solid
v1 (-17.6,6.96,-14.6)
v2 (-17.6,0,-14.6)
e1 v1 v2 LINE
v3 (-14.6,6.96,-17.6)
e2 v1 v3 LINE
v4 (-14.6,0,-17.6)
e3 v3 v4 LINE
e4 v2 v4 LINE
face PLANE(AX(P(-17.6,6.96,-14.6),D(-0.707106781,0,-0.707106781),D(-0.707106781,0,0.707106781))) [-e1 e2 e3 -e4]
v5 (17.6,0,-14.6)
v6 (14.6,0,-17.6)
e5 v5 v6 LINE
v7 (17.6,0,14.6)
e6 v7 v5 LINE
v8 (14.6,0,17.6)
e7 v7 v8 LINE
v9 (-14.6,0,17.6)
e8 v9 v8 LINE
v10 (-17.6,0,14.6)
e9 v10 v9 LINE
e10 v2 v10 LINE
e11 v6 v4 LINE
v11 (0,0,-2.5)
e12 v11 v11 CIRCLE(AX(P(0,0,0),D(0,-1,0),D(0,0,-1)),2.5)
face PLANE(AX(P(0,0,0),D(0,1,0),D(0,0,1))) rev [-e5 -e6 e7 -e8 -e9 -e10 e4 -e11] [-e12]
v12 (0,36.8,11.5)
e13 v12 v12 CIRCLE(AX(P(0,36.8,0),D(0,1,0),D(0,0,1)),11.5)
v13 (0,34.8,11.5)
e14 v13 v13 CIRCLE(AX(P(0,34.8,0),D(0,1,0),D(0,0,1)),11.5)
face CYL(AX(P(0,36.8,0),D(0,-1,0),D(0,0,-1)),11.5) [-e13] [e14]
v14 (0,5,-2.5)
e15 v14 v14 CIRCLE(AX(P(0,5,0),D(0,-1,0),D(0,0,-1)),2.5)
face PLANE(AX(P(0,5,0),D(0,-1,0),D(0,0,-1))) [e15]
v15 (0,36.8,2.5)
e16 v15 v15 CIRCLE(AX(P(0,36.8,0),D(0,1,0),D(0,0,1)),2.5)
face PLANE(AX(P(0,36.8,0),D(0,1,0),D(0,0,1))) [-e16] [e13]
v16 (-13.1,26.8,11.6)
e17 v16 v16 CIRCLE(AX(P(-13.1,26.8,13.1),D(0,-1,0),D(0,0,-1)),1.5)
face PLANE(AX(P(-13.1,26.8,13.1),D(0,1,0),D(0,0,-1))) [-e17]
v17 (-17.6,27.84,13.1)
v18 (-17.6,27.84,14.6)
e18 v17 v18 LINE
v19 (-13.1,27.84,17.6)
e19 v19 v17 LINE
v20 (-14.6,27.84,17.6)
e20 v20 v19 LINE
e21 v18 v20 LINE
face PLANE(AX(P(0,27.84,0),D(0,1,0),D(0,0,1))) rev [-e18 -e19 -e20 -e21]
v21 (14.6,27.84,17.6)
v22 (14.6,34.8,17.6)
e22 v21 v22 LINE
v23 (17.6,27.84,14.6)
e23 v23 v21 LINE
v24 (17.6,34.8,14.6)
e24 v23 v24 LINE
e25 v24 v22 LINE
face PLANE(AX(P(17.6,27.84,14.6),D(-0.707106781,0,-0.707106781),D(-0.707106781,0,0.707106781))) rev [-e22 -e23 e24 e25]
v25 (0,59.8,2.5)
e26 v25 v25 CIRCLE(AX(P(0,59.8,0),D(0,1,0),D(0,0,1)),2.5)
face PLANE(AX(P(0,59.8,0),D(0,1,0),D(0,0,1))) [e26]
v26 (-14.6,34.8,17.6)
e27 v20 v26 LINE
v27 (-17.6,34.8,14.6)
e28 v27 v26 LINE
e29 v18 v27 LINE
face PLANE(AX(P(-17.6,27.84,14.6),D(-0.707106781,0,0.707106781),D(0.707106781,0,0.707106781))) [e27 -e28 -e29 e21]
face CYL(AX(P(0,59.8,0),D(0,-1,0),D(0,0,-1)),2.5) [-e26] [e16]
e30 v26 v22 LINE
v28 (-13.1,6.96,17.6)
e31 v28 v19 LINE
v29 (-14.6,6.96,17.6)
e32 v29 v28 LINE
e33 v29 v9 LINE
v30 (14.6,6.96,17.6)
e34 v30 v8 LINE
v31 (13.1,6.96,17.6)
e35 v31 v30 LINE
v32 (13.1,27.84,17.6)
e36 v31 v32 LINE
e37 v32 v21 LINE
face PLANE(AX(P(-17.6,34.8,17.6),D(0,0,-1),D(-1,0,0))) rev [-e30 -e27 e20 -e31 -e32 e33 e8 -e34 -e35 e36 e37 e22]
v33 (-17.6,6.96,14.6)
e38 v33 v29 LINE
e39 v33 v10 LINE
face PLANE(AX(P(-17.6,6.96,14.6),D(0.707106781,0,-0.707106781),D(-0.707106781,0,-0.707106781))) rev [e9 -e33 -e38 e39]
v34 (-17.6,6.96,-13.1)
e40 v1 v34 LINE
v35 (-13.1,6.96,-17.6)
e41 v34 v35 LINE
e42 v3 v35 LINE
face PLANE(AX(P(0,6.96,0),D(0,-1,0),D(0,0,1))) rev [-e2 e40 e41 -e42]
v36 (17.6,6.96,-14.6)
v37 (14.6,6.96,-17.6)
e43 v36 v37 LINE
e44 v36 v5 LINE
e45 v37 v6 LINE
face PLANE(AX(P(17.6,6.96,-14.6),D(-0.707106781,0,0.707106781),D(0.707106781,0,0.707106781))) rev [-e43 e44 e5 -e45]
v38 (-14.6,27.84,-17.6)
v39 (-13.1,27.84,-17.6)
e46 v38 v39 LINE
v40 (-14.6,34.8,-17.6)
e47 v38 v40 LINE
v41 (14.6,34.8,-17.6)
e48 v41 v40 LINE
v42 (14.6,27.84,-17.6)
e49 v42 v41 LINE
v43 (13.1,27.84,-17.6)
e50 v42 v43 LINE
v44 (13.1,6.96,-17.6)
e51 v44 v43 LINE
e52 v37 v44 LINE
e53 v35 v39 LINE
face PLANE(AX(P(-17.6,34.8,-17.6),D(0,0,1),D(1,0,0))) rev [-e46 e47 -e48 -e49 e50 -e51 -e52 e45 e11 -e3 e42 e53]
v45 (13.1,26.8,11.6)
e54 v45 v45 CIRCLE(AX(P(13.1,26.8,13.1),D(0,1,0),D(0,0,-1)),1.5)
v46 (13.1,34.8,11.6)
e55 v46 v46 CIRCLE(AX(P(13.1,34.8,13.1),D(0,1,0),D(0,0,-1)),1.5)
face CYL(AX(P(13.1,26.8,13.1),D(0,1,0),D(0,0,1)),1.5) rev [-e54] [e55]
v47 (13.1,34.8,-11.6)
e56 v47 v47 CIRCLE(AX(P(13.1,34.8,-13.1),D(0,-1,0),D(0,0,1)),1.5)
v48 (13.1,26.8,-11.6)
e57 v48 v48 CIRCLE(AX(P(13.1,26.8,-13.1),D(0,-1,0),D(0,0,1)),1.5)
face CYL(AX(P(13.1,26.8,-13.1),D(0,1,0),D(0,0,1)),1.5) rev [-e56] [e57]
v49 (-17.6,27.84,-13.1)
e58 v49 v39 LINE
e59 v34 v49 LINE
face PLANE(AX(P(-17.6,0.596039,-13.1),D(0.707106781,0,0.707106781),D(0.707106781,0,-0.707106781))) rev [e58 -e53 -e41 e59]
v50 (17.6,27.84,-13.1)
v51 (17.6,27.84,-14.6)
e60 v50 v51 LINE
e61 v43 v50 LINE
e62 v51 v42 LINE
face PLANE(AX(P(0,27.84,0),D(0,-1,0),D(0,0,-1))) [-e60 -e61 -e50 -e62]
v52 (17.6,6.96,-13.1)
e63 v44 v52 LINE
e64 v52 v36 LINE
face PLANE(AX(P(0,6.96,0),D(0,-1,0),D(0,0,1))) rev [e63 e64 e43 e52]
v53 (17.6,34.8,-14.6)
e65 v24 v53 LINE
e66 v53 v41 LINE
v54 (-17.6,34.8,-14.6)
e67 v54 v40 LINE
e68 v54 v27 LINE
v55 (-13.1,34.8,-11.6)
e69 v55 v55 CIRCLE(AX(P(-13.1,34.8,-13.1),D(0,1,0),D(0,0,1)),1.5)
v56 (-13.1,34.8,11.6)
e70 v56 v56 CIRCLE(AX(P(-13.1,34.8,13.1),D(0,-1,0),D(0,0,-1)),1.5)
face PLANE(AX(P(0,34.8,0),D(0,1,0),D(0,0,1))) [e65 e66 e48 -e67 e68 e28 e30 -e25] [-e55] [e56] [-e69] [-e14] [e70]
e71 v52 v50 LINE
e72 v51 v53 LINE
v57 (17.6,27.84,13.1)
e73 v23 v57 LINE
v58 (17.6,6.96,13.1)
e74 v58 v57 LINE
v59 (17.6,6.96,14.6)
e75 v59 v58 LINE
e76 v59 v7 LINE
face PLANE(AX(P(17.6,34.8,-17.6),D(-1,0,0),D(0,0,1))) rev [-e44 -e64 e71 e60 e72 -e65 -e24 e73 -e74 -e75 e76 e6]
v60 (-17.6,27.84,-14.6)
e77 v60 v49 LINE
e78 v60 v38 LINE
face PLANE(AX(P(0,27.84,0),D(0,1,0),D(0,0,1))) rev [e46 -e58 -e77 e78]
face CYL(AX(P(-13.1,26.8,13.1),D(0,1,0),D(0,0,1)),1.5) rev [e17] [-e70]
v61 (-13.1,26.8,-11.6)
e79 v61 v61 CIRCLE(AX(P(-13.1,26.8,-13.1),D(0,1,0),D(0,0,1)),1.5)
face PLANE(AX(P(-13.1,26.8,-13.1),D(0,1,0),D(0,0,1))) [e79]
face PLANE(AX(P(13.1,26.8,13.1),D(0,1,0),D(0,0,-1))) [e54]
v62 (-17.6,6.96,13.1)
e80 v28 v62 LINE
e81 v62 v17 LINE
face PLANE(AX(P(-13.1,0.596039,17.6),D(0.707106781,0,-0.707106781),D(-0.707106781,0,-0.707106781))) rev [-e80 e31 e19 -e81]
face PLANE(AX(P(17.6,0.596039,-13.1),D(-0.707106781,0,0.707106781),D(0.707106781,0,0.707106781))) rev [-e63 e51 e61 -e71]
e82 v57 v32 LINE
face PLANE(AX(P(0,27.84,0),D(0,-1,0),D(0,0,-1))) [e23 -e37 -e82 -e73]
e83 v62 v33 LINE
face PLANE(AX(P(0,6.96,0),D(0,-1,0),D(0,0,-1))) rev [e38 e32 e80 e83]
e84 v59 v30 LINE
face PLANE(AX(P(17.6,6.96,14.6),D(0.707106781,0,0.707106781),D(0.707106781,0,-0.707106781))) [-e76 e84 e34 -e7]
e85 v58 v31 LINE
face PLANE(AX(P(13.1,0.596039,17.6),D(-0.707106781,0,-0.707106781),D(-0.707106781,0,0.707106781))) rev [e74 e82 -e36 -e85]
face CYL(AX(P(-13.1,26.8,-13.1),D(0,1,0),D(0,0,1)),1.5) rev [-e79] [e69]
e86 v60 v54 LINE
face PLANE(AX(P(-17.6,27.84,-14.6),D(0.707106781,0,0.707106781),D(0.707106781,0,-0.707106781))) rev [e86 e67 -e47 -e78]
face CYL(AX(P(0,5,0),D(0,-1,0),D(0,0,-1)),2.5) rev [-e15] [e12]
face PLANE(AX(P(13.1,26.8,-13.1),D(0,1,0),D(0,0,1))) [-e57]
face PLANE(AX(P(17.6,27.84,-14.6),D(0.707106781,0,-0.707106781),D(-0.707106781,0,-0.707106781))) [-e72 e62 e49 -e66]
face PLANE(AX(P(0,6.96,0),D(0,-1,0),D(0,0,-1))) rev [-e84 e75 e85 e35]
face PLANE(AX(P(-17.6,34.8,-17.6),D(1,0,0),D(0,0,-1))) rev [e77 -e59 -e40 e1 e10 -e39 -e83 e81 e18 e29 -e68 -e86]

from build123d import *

# Parameters (mm, degrees)
SKETCH1_W               = 35.2
SKETCH1_H               = 35.2
BOSS_EXTRUDE1_DEPTH     = 34.8
SKETCH2_R               = 11.5
BOSS_EXTRUDE2_DEPTH     = 2
SKETCH3_R               = 2.5
BOSS_EXTRUDE3_DEPTH     = 23
SKETCH4_R               = 1.5
CUT_EXTRUDE1_DEPTH      = 8
MIRROR2_COPY_1_SKETCH_R = 1.5
MIRROR2_COPY_1_DEPTH    = 8
CUT_EXTRUDE2_DEPTH      = 6.96
MIRROR4_COPY_1_DEPTH    = 6.96
CUT_EXTRUDE3_DEPTH      = 6.96
MIRROR6_COPY_1_DEPTH    = 6.96
SKETCH7_R               = 2.5
CUT_EXTRUDE4_DEPTH      = 5
CUT_EXTRUDE6_DEPTH      = 20.88
CUT_EXTRUDE7_DEPTH      = 20.88
CUT_EXTRUDE8_DEPTH      = 20.88
CUT_EXTRUDE9_DEPTH      = 20.88


with BuildPart() as part:
    # Sketch1 → Boss-Extrude1 (new body)
    with BuildSketch(Plane(origin=(0, 0, 0), x_dir=(1, 0, 0), z_dir=(0, 1, 0))):
        Rectangle(SKETCH1_W, SKETCH1_H)
    extrude(amount=BOSS_EXTRUDE1_DEPTH)

    # Sketch2 → Boss-Extrude2 (add)
    with BuildSketch(Plane(origin=(0, 34.8, 0), x_dir=(1, 0, 0), z_dir=(0, 1, 0))):
        Circle(SKETCH2_R)
    extrude(amount=BOSS_EXTRUDE2_DEPTH)

    # Sketch3 → Boss-Extrude3 (add)
    with BuildSketch(Plane(origin=(0, 36.8, 0), x_dir=(1, 0, 0), z_dir=(0, 1, 0))):
        Circle(SKETCH3_R)
    extrude(amount=BOSS_EXTRUDE3_DEPTH)

    # Sketch4 → Cut-Extrude1 (cut)
    with BuildSketch(Plane(origin=(0, 34.8, 0), x_dir=(1, 0, 0), z_dir=(0, 1, 0))):
        with Locations((-13.1, 13.1)):
            Circle(SKETCH4_R)
    cut_extrude1 = extrude(amount=-CUT_EXTRUDE1_DEPTH, mode=Mode.SUBTRACT)

    # Mirror1: Cut-Extrude1 across plane
    add(cut_extrude1.mirror(Plane(origin=(0, 0, 0), x_dir=(0, 0, 1), z_dir=(1, 0, 0))), mode=Mode.SUBTRACT)

    # Mirror2: Cut-Extrude1 across plane
    add(cut_extrude1.mirror(Plane.XY), mode=Mode.SUBTRACT)

    # Mirror2 copy 1 sketch → Mirror2 copy 1 (cut)
    with BuildSketch(Plane(origin=(0, 34.8, 0), x_dir=(-1, 0, 0), z_dir=(0, 1, 0))):
        with Locations((-13.1, 13.1)):
            Circle(MIRROR2_COPY_1_SKETCH_R)
    extrude(amount=-MIRROR2_COPY_1_DEPTH, mode=Mode.SUBTRACT)

    # Sketch5 → Cut-Extrude2 (cut)
    with BuildSketch(Plane(origin=(0, 34.8, 0), x_dir=(1, 0, 0), z_dir=(0, 1, 0))):
        Polygon((-17.6, 17.6), (-14.6, 17.6), (-17.6, 14.6), align=None)
    cut_extrude2 = extrude(amount=-CUT_EXTRUDE2_DEPTH, mode=Mode.SUBTRACT)

    # Mirror3: Cut-Extrude2 across plane
    add(cut_extrude2.mirror(Plane(origin=(0, 0, 0), x_dir=(0, 0, 1), z_dir=(1, 0, 0))), mode=Mode.SUBTRACT)

    # Mirror4: Cut-Extrude2 across plane
    add(cut_extrude2.mirror(Plane.XY), mode=Mode.SUBTRACT)

    # Mirror4 copy 1 sketch → Mirror4 copy 1 (cut)
    with BuildSketch(Plane(origin=(0, 34.8, 0), x_dir=(-1, 0, 0), z_dir=(0, 1, 0))):
        Polygon((-17.6, 17.6), (-14.6, 17.6), (-17.6, 14.6), align=None)
    extrude(amount=-MIRROR4_COPY_1_DEPTH, mode=Mode.SUBTRACT)

    # Sketch6 → Cut-Extrude3 (cut)
    with BuildSketch(Plane.XZ):
        Polygon((-17.6, 17.6), (-14.6, 17.6), (-17.6, 14.6), align=None)
    cut_extrude3 = extrude(amount=-CUT_EXTRUDE3_DEPTH, mode=Mode.SUBTRACT)

    # Mirror5: Cut-Extrude3 across plane
    add(cut_extrude3.mirror(Plane(origin=(0, 0, 0), x_dir=(0, 0, 1), z_dir=(1, 0, 0))), mode=Mode.SUBTRACT)

    # Mirror6: Cut-Extrude3 across plane
    add(cut_extrude3.mirror(Plane.XY), mode=Mode.SUBTRACT)

    # Mirror6 copy 1 sketch → Mirror6 copy 1 (cut)
    with BuildSketch(Plane(origin=(0, 0, 0), x_dir=(-1, 0, 0), z_dir=(0, -1, 0))):
        Polygon((-17.6, 17.6), (-14.6, 17.6), (-17.6, 14.6), align=None)
    extrude(amount=-MIRROR6_COPY_1_DEPTH, mode=Mode.SUBTRACT)

    # Sketch7 → Cut-Extrude4 (cut)
    with BuildSketch(Plane.XZ):
        Circle(SKETCH7_R)
    extrude(amount=-CUT_EXTRUDE4_DEPTH, mode=Mode.SUBTRACT)

    # Sketch8 → Cut-Extrude6 (cut)
    with BuildSketch(Plane(origin=(0, 27.84, 0), x_dir=(1, 0, 0), z_dir=(0, 1, 0))):
        Polygon((-17.6, 17.6), (-13.1, 17.6), (-17.6, 13.1), align=None)
    extrude(amount=-CUT_EXTRUDE6_DEPTH, mode=Mode.SUBTRACT)

    # Sketch9 → Cut-Extrude7 (cut)
    with BuildSketch(Plane(origin=(0, 27.84, 0), x_dir=(1, 0, 0), z_dir=(0, 1, 0))):
        Polygon((17.6, 17.6), (13.1, 17.6), (17.6, 13.1), align=None)
    extrude(amount=-CUT_EXTRUDE7_DEPTH, mode=Mode.SUBTRACT)

    # Sketch10 → Cut-Extrude8 (cut)
    with BuildSketch(Plane(origin=(0, 27.84, 0), x_dir=(1, 0, 0), z_dir=(0, 1, 0))):
        Polygon((17.6, -17.6), (17.6, -13.1), (13.1, -17.6), align=None)
    extrude(amount=-CUT_EXTRUDE8_DEPTH, mode=Mode.SUBTRACT)

    # Sketch11 → Cut-Extrude9 (cut)
    with BuildSketch(Plane(origin=(0, 27.84, 0), x_dir=(1, 0, 0), z_dir=(0, 1, 0))):
        Polygon((-17.6, -17.6), (-17.6, -13.1), (-13.1, -17.6), align=None)
    extrude(amount=-CUT_EXTRUDE9_DEPTH, mode=Mode.SUBTRACT)


solid = part.part
